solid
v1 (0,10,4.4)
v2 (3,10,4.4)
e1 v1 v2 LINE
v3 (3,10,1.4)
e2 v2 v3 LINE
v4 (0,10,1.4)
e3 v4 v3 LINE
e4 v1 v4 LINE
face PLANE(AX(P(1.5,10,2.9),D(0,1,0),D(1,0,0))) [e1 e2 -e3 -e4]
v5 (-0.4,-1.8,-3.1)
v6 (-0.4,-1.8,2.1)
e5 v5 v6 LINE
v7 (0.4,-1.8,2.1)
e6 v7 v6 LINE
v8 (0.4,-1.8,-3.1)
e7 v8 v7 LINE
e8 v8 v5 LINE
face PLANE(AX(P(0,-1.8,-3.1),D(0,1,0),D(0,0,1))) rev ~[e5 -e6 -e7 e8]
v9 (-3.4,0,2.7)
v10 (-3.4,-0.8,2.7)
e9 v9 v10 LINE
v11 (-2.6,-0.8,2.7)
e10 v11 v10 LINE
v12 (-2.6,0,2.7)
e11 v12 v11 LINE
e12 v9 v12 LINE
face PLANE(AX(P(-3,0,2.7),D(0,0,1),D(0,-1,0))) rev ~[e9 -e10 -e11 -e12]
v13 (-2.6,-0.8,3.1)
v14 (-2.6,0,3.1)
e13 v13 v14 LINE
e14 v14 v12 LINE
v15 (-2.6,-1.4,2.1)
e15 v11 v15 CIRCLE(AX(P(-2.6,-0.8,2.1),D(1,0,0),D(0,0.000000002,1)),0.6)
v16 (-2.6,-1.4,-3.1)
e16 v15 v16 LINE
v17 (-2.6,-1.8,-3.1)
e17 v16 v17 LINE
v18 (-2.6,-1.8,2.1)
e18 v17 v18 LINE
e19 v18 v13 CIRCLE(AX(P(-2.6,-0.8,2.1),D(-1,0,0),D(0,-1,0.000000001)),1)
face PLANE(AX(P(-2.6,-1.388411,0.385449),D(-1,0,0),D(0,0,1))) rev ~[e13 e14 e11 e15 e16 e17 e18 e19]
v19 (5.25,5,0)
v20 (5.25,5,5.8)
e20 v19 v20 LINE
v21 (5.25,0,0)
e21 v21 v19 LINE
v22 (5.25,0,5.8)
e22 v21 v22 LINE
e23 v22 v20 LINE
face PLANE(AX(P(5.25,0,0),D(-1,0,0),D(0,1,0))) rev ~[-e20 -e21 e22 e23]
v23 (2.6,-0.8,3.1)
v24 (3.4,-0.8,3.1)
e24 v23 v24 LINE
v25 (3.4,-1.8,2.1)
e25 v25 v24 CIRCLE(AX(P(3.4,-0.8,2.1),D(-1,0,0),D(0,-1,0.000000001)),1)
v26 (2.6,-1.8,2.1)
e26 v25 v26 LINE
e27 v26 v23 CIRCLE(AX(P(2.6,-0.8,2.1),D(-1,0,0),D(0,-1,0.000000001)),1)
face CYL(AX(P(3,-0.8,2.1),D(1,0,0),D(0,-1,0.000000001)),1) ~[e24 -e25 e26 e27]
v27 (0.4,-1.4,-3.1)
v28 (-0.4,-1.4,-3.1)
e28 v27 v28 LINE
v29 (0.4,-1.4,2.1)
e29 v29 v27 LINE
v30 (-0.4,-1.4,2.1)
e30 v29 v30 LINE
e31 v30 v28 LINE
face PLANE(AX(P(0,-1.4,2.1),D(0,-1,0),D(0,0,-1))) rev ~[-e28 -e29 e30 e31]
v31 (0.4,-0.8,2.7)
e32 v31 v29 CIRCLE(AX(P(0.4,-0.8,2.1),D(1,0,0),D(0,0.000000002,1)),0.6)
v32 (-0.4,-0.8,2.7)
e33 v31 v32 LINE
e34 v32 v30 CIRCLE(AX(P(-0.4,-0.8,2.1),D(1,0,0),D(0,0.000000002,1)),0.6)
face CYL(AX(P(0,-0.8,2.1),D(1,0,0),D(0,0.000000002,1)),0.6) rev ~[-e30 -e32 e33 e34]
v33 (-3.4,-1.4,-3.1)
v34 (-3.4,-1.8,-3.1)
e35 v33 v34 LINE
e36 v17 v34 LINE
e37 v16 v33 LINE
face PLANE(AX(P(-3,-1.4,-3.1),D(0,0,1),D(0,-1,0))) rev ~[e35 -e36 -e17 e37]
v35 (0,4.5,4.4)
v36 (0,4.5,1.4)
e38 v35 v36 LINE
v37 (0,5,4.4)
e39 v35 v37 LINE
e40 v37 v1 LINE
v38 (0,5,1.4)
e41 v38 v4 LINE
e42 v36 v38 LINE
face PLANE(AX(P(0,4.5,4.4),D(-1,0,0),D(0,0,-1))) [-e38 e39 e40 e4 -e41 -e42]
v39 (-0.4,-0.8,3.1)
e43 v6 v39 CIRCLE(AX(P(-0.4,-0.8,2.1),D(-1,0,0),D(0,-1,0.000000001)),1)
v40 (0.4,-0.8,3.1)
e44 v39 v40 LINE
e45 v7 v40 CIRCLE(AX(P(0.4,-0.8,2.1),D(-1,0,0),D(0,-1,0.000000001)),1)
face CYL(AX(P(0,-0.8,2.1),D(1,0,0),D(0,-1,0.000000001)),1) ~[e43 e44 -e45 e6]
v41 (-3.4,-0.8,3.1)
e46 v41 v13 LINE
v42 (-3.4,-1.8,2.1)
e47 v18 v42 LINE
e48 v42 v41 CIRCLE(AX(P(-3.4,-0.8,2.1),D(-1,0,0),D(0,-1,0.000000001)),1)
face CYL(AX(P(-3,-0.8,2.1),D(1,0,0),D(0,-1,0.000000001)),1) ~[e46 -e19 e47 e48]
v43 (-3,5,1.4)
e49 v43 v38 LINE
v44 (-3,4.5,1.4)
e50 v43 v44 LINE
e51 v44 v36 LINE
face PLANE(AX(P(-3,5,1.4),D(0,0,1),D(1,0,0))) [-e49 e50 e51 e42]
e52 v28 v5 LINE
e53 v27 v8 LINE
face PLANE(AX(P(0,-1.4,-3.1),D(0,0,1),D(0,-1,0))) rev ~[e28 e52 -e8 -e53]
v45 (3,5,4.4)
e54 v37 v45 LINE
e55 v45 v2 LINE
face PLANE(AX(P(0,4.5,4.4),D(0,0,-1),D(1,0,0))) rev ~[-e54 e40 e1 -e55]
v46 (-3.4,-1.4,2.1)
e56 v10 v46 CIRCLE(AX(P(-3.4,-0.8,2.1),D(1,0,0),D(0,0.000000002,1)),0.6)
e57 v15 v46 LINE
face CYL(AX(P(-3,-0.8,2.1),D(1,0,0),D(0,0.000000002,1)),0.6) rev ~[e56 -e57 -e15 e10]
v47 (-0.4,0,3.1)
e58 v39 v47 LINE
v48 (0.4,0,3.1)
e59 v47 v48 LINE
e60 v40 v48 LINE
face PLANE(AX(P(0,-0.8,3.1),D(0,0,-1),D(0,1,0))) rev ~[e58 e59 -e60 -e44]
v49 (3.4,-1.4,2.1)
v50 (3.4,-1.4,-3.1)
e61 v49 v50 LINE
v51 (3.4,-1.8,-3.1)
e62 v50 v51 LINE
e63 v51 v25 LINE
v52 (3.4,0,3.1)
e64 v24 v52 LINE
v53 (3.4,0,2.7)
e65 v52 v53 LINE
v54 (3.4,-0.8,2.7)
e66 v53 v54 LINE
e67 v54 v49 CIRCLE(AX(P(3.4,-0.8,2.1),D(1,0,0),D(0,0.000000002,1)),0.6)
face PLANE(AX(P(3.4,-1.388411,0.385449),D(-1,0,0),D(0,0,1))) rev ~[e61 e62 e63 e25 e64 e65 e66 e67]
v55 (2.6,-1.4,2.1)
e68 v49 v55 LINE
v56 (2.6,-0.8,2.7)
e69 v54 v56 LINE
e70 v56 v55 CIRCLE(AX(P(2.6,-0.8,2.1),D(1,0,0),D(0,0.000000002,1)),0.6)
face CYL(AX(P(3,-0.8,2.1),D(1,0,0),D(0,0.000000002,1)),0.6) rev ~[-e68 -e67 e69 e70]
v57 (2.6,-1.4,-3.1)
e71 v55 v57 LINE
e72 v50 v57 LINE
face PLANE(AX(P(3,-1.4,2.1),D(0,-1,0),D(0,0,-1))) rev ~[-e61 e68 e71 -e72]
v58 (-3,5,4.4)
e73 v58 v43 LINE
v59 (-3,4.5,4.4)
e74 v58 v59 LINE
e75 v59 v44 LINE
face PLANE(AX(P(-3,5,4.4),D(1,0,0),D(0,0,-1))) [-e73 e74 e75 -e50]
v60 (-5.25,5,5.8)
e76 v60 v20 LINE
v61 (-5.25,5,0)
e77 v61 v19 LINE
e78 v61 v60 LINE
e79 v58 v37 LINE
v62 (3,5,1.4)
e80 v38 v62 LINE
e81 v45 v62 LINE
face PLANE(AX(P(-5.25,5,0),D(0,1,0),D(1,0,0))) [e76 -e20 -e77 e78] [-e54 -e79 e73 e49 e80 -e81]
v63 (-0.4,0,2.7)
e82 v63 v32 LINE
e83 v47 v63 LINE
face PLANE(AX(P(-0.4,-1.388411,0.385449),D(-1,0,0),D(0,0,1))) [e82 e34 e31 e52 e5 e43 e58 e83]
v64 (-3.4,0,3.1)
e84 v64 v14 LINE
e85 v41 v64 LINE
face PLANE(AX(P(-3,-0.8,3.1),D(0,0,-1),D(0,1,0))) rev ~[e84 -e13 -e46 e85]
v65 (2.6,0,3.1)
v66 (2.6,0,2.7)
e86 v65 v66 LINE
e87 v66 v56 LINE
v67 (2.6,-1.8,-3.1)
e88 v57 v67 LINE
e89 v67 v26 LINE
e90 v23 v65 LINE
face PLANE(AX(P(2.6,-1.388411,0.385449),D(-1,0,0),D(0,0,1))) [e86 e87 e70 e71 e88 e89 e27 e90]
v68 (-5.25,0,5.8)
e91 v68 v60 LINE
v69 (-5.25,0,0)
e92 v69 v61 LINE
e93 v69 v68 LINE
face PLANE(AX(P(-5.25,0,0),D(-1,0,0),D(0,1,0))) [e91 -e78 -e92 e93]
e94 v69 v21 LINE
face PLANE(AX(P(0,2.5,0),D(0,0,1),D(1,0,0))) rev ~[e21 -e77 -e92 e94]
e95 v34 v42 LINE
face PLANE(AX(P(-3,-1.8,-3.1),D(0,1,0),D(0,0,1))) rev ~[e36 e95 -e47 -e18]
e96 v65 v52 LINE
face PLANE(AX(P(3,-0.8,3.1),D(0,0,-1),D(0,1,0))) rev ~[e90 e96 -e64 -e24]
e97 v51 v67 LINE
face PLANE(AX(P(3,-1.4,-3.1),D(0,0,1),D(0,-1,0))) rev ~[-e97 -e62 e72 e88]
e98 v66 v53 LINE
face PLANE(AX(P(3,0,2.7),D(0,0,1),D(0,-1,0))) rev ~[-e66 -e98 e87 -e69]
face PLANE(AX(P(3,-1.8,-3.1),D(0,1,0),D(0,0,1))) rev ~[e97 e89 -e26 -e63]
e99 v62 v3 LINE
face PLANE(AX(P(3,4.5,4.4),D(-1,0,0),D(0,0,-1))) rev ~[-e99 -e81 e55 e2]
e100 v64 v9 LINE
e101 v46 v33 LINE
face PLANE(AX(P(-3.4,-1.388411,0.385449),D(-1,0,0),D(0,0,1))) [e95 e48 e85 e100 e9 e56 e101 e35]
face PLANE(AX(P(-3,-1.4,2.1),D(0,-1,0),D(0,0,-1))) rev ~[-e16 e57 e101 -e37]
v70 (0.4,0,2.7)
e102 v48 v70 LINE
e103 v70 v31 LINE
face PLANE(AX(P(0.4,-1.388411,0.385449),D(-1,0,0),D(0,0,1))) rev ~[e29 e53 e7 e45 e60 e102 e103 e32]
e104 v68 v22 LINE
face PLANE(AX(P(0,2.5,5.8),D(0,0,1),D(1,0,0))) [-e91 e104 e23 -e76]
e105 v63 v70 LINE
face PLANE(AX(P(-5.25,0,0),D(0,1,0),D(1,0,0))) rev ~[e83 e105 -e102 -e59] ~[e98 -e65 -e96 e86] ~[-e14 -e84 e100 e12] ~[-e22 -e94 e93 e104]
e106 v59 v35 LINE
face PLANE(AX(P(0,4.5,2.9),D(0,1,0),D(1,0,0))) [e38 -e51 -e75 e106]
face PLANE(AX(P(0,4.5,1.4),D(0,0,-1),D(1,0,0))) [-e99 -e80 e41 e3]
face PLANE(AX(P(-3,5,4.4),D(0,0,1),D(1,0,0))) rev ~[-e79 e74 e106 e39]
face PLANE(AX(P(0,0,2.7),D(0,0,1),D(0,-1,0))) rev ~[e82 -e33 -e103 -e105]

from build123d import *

# Parameters (mm, degrees)
SKETCH1_W           = 10.5
SKETCH1_H           = 5
BOSS_EXTRUDE1_DEPTH = 5.8
SKETCH2_W           = 6
SKETCH2_H           = 3
CUT_EXTRUDE1_DEPTH  = 0.5
SKETCH3_W           = 3
SKETCH3_H           = 3
BOSS_EXTRUDE2_DEPTH = 5.5
BOSS_EXTRUDE3_DEPTH = 0.4
LPATTERN1_COUNT     = 2
LPATTERN1_PITCH     = 3
LPATTERN1_COL_COUNT = 2
LPATTERN1_COL_PITCH = 3


with BuildPart() as part:
    # Sketch1 → Boss-Extrude1 (new body)
    with BuildSketch(Plane.XY):
        with Locations((0, 2.5)):
            Rectangle(SKETCH1_W, SKETCH1_H)
    extrude(amount=BOSS_EXTRUDE1_DEPTH)

    # Sketch2 → Cut-Extrude1 (cut)
    with BuildSketch(Plane(origin=(0, 5, 0), x_dir=(1, 0, 0), z_dir=(0, 1, 0))):
        with Locations((0, -2.9)):
            Rectangle(SKETCH2_W, SKETCH2_H)
    extrude(amount=-CUT_EXTRUDE1_DEPTH, mode=Mode.SUBTRACT)

    # Sketch3 → Boss-Extrude2 (add)
    with BuildSketch(Plane(origin=(0, 4.5, 0), x_dir=(1, 0, 0), z_dir=(0, 1, 0))):
        with Locations((1.5, -2.9)):
            Rectangle(SKETCH3_W, SKETCH3_H)
    extrude(amount=BOSS_EXTRUDE2_DEPTH)

    # Sketch4 → Boss-Extrude3 (add, symmetric)
    with BuildSketch(Plane(origin=(0, 0, 0), x_dir=(0, 0, -1), z_dir=(1, 0, 0))):
        with BuildLine():
            Line((-2.7, 0), (-2.7, -0.8))
            ThreePointArc((-2.7, -0.8), (-2.524264069, -1.224264069), (-2.1, -1.4))
            Line((-2.1, -1.4), (3.1, -1.4))
            Line((3.1, -1.4), (3.1, -1.8))
            Line((3.1, -1.8), (-2.1, -1.8))
            ThreePointArc((-2.1, -1.8), (-2.807106781, -1.507106781), (-3.1, -0.8))
            Line((-3.1, -0.8), (-3.1, 0))
            Line((-3.1, 0), (-2.7, 0))
        make_face()
    boss_extrude3 = extrude(amount=BOSS_EXTRUDE3_DEPTH, both=True)

    # LPattern1: Boss-Extrude3 ×2
    with Locations(*[(-i * LPATTERN1_PITCH, 0, 0) for i in range(1, LPATTERN1_COUNT)]):
        add(boss_extrude3)

    # LPattern1 col: Boss-Extrude3 ×2
    with Locations(*[(i * LPATTERN1_COL_PITCH, 0, 0) for i in range(1, LPATTERN1_COL_COUNT)]):
        add(boss_extrude3)


solid = part.part
